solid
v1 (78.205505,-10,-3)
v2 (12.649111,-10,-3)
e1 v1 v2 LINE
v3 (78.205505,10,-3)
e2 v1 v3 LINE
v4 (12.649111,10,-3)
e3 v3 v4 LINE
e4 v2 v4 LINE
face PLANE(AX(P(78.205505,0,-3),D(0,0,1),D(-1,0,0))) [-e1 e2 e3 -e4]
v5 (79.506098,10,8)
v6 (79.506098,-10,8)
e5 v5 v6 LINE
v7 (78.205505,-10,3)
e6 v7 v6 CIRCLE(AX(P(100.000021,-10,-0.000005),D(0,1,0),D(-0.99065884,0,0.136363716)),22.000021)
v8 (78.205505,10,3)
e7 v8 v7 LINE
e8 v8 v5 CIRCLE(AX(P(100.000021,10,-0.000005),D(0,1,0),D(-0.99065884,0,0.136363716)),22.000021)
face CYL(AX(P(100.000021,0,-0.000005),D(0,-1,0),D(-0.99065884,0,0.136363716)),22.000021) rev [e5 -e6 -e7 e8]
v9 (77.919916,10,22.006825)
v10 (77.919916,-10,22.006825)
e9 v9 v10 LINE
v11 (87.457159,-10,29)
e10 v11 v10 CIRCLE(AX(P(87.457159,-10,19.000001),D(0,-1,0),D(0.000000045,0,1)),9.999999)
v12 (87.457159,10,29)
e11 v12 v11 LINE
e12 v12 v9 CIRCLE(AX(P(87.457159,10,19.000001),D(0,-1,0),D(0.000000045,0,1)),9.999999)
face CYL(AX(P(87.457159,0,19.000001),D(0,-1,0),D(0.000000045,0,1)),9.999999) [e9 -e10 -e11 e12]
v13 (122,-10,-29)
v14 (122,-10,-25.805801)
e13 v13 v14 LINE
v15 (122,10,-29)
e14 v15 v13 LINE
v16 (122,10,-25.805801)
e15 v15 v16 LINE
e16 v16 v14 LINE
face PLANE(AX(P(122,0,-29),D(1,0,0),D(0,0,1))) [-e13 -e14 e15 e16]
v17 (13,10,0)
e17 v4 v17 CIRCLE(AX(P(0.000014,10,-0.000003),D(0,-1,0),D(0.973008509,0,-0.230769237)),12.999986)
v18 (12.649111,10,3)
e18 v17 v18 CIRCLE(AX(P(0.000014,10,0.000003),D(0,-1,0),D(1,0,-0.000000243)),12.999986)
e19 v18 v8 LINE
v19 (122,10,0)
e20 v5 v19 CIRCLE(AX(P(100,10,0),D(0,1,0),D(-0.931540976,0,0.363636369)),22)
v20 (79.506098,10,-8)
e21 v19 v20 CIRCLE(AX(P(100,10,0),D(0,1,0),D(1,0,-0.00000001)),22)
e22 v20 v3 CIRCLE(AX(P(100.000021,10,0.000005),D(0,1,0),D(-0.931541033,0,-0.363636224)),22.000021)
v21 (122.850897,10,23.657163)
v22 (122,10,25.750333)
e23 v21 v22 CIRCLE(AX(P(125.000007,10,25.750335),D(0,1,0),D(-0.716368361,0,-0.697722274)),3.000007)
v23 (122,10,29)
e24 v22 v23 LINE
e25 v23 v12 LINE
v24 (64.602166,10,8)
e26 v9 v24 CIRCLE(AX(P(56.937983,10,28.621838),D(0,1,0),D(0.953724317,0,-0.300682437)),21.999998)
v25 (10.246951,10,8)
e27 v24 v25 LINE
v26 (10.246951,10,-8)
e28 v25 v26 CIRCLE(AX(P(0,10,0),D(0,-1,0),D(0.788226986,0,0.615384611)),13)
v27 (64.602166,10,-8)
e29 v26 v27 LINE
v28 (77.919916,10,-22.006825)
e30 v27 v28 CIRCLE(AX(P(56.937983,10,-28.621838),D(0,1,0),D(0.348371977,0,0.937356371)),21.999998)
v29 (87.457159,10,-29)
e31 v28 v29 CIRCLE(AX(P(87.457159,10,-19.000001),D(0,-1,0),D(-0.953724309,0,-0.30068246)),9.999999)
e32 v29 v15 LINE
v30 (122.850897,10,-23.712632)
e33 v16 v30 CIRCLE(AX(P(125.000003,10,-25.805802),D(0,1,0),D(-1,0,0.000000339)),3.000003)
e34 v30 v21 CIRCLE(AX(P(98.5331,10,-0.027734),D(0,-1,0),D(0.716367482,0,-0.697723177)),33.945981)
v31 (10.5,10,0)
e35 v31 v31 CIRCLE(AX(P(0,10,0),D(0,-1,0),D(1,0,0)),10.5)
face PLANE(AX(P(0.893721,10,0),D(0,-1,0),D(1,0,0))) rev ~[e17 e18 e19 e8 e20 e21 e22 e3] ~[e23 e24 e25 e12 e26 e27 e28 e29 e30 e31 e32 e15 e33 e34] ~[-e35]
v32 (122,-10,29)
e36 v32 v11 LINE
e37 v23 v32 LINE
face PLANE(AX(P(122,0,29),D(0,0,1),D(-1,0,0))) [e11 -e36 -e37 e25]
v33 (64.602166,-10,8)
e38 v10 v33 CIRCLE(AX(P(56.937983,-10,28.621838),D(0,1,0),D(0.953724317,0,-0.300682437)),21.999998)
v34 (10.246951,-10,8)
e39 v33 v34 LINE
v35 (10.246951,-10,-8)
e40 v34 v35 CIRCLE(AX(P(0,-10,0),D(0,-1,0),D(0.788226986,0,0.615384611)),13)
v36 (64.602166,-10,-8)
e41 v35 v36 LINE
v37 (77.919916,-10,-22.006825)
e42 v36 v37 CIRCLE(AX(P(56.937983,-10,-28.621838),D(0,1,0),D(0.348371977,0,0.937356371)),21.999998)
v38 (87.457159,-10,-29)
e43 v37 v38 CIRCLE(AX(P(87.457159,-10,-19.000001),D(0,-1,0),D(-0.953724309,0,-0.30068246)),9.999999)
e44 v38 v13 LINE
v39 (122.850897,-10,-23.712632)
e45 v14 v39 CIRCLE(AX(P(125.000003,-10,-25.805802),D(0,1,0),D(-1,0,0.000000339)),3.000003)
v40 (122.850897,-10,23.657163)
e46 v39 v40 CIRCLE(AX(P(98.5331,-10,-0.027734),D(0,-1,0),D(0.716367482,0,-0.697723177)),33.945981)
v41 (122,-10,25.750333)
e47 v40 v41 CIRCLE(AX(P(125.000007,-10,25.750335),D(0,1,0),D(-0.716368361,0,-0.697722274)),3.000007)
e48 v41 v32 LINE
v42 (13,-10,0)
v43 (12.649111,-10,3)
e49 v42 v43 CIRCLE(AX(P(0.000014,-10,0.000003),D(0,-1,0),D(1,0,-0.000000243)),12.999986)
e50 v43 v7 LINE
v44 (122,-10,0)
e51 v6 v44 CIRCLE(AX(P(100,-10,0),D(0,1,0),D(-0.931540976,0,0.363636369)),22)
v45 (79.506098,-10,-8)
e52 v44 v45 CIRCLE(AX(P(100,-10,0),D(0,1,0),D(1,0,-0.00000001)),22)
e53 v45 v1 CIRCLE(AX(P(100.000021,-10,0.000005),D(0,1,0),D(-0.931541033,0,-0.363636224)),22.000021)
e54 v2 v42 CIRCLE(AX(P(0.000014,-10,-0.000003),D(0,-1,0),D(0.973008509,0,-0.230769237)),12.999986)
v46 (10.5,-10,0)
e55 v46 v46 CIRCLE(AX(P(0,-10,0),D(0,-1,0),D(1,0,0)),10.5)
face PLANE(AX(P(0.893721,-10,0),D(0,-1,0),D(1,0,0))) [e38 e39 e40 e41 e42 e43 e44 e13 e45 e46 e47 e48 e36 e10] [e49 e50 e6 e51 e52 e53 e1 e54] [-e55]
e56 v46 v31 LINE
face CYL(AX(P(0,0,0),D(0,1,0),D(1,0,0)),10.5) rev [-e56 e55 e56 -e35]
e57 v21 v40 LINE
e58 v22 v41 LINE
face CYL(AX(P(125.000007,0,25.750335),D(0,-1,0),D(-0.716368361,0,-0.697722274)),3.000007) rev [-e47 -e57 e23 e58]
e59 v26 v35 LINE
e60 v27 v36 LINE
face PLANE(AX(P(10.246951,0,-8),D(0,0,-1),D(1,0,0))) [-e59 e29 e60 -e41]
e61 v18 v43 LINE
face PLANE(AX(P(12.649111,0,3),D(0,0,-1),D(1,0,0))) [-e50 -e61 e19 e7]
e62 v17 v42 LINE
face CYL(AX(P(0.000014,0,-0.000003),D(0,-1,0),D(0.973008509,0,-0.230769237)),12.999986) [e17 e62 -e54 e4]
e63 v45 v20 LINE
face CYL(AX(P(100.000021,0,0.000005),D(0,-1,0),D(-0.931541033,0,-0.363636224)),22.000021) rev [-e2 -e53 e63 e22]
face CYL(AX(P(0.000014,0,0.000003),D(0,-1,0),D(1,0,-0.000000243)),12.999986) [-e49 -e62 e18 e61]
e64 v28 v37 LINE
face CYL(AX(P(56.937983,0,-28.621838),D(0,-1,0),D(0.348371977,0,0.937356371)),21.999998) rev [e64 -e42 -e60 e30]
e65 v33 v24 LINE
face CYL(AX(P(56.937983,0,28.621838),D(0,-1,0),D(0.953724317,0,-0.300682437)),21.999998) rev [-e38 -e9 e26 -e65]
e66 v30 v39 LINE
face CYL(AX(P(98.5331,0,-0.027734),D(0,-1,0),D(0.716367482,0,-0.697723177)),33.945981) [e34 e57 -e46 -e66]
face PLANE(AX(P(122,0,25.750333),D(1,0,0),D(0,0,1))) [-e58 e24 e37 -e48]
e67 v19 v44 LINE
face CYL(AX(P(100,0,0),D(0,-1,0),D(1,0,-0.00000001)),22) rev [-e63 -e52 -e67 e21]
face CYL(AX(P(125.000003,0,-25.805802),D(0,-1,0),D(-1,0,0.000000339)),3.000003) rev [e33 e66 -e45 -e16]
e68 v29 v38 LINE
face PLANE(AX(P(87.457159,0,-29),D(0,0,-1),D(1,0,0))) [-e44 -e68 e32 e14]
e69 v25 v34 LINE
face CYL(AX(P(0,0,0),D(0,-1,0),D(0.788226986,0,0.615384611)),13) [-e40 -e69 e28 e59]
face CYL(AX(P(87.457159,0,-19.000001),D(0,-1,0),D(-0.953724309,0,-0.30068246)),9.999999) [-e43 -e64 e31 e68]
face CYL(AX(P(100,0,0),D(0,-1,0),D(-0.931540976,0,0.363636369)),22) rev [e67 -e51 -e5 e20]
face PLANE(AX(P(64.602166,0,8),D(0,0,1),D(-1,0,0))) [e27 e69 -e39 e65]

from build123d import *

# Parameters (mm, degrees)
F0_R     = 10.5
F1_DEPTH = 10


with BuildPart() as f1:
    # F0 (on Front) → F1 (new body, symmetric)
    with BuildSketch(Plane.XZ):
        with BuildLine():
            ThreePointArc((12.649111, -3), (12.91198, -1.510225), (13, 0))
            ThreePointArc((13, 0), (12.91198, 1.510225), (12.649111, 3))
            ThreePointArc((12.649111, 3), (11.717824, 5.629617), (10.246951, 8))
            ThreePointArc((10.246951, 8), (-13, 0), (10.246951, -8))
            ThreePointArc((10.246951, -8), (11.717824, -5.629617), (12.649111, -3))
        make_face()
        Circle(F0_R, mode=Mode.SUBTRACT)
        with BuildLine():
            ThreePointArc((10.246951, 8), (11.717824, 5.629617), (12.649111, 3))
            Line((12.649111, 3), (78.205505, 3))
            ThreePointArc((78.205505, 3), (78.70852, 5.538311), (79.506098, 8))
            Line((79.506098, 8), (64.602166, 8))
            Line((64.602166, 8), (10.246951, 8))
        make_face()
        with BuildLine():
            Line((78.205505, -3), (12.649111, -3))
            ThreePointArc((12.649111, -3), (11.717824, -5.629617), (10.246951, -8))
            Line((10.246951, -8), (64.602166, -8))
            Line((64.602166, -8), (79.506098, -8))
            ThreePointArc((79.506098, -8), (78.70852, -5.538311), (78.205505, -3))
        make_face()
        with BuildLine():
            ThreePointArc((77.919916, 22.006825), (72.881564, 13.462612), (64.602166, 8))
            Line((64.602166, 8), (79.506098, 8))
            ThreePointArc((79.506098, 8), (104.070268, 21.620197), (122, 0))
            ThreePointArc((122, 0), (104.070268, -21.620197), (79.506098, -8))
            Line((79.506098, -8), (64.602166, -8))
            ThreePointArc((64.602166, -8), (72.881564, -13.462612), (77.919916, -22.006825))
            ThreePointArc((77.919916, -22.006825), (81.543964, -27.064374), (87.457159, -29))
            Line((87.457159, -29), (122, -29))
            Line((122, -29), (122, -25.805801))
            ThreePointArc((122, -25.805801), (122.220854, -24.676046), (122.850897, -23.712632))
            ThreePointArc((122.850897, -23.712632), (132.479081, -0.027734), (122.850897, 23.657163))
            ThreePointArc((122.850897, 23.657163), (122.220854, 24.620578), (122, 25.750333))
            Line((122, 25.750333), (122, 29))
            Line((122, 29), (87.457159, 29))
            ThreePointArc((87.457159, 29), (81.543964, 27.064374), (77.919916, 22.006825))
        make_face()
    extrude(amount=F1_DEPTH, both=True)


solid = f1.part
